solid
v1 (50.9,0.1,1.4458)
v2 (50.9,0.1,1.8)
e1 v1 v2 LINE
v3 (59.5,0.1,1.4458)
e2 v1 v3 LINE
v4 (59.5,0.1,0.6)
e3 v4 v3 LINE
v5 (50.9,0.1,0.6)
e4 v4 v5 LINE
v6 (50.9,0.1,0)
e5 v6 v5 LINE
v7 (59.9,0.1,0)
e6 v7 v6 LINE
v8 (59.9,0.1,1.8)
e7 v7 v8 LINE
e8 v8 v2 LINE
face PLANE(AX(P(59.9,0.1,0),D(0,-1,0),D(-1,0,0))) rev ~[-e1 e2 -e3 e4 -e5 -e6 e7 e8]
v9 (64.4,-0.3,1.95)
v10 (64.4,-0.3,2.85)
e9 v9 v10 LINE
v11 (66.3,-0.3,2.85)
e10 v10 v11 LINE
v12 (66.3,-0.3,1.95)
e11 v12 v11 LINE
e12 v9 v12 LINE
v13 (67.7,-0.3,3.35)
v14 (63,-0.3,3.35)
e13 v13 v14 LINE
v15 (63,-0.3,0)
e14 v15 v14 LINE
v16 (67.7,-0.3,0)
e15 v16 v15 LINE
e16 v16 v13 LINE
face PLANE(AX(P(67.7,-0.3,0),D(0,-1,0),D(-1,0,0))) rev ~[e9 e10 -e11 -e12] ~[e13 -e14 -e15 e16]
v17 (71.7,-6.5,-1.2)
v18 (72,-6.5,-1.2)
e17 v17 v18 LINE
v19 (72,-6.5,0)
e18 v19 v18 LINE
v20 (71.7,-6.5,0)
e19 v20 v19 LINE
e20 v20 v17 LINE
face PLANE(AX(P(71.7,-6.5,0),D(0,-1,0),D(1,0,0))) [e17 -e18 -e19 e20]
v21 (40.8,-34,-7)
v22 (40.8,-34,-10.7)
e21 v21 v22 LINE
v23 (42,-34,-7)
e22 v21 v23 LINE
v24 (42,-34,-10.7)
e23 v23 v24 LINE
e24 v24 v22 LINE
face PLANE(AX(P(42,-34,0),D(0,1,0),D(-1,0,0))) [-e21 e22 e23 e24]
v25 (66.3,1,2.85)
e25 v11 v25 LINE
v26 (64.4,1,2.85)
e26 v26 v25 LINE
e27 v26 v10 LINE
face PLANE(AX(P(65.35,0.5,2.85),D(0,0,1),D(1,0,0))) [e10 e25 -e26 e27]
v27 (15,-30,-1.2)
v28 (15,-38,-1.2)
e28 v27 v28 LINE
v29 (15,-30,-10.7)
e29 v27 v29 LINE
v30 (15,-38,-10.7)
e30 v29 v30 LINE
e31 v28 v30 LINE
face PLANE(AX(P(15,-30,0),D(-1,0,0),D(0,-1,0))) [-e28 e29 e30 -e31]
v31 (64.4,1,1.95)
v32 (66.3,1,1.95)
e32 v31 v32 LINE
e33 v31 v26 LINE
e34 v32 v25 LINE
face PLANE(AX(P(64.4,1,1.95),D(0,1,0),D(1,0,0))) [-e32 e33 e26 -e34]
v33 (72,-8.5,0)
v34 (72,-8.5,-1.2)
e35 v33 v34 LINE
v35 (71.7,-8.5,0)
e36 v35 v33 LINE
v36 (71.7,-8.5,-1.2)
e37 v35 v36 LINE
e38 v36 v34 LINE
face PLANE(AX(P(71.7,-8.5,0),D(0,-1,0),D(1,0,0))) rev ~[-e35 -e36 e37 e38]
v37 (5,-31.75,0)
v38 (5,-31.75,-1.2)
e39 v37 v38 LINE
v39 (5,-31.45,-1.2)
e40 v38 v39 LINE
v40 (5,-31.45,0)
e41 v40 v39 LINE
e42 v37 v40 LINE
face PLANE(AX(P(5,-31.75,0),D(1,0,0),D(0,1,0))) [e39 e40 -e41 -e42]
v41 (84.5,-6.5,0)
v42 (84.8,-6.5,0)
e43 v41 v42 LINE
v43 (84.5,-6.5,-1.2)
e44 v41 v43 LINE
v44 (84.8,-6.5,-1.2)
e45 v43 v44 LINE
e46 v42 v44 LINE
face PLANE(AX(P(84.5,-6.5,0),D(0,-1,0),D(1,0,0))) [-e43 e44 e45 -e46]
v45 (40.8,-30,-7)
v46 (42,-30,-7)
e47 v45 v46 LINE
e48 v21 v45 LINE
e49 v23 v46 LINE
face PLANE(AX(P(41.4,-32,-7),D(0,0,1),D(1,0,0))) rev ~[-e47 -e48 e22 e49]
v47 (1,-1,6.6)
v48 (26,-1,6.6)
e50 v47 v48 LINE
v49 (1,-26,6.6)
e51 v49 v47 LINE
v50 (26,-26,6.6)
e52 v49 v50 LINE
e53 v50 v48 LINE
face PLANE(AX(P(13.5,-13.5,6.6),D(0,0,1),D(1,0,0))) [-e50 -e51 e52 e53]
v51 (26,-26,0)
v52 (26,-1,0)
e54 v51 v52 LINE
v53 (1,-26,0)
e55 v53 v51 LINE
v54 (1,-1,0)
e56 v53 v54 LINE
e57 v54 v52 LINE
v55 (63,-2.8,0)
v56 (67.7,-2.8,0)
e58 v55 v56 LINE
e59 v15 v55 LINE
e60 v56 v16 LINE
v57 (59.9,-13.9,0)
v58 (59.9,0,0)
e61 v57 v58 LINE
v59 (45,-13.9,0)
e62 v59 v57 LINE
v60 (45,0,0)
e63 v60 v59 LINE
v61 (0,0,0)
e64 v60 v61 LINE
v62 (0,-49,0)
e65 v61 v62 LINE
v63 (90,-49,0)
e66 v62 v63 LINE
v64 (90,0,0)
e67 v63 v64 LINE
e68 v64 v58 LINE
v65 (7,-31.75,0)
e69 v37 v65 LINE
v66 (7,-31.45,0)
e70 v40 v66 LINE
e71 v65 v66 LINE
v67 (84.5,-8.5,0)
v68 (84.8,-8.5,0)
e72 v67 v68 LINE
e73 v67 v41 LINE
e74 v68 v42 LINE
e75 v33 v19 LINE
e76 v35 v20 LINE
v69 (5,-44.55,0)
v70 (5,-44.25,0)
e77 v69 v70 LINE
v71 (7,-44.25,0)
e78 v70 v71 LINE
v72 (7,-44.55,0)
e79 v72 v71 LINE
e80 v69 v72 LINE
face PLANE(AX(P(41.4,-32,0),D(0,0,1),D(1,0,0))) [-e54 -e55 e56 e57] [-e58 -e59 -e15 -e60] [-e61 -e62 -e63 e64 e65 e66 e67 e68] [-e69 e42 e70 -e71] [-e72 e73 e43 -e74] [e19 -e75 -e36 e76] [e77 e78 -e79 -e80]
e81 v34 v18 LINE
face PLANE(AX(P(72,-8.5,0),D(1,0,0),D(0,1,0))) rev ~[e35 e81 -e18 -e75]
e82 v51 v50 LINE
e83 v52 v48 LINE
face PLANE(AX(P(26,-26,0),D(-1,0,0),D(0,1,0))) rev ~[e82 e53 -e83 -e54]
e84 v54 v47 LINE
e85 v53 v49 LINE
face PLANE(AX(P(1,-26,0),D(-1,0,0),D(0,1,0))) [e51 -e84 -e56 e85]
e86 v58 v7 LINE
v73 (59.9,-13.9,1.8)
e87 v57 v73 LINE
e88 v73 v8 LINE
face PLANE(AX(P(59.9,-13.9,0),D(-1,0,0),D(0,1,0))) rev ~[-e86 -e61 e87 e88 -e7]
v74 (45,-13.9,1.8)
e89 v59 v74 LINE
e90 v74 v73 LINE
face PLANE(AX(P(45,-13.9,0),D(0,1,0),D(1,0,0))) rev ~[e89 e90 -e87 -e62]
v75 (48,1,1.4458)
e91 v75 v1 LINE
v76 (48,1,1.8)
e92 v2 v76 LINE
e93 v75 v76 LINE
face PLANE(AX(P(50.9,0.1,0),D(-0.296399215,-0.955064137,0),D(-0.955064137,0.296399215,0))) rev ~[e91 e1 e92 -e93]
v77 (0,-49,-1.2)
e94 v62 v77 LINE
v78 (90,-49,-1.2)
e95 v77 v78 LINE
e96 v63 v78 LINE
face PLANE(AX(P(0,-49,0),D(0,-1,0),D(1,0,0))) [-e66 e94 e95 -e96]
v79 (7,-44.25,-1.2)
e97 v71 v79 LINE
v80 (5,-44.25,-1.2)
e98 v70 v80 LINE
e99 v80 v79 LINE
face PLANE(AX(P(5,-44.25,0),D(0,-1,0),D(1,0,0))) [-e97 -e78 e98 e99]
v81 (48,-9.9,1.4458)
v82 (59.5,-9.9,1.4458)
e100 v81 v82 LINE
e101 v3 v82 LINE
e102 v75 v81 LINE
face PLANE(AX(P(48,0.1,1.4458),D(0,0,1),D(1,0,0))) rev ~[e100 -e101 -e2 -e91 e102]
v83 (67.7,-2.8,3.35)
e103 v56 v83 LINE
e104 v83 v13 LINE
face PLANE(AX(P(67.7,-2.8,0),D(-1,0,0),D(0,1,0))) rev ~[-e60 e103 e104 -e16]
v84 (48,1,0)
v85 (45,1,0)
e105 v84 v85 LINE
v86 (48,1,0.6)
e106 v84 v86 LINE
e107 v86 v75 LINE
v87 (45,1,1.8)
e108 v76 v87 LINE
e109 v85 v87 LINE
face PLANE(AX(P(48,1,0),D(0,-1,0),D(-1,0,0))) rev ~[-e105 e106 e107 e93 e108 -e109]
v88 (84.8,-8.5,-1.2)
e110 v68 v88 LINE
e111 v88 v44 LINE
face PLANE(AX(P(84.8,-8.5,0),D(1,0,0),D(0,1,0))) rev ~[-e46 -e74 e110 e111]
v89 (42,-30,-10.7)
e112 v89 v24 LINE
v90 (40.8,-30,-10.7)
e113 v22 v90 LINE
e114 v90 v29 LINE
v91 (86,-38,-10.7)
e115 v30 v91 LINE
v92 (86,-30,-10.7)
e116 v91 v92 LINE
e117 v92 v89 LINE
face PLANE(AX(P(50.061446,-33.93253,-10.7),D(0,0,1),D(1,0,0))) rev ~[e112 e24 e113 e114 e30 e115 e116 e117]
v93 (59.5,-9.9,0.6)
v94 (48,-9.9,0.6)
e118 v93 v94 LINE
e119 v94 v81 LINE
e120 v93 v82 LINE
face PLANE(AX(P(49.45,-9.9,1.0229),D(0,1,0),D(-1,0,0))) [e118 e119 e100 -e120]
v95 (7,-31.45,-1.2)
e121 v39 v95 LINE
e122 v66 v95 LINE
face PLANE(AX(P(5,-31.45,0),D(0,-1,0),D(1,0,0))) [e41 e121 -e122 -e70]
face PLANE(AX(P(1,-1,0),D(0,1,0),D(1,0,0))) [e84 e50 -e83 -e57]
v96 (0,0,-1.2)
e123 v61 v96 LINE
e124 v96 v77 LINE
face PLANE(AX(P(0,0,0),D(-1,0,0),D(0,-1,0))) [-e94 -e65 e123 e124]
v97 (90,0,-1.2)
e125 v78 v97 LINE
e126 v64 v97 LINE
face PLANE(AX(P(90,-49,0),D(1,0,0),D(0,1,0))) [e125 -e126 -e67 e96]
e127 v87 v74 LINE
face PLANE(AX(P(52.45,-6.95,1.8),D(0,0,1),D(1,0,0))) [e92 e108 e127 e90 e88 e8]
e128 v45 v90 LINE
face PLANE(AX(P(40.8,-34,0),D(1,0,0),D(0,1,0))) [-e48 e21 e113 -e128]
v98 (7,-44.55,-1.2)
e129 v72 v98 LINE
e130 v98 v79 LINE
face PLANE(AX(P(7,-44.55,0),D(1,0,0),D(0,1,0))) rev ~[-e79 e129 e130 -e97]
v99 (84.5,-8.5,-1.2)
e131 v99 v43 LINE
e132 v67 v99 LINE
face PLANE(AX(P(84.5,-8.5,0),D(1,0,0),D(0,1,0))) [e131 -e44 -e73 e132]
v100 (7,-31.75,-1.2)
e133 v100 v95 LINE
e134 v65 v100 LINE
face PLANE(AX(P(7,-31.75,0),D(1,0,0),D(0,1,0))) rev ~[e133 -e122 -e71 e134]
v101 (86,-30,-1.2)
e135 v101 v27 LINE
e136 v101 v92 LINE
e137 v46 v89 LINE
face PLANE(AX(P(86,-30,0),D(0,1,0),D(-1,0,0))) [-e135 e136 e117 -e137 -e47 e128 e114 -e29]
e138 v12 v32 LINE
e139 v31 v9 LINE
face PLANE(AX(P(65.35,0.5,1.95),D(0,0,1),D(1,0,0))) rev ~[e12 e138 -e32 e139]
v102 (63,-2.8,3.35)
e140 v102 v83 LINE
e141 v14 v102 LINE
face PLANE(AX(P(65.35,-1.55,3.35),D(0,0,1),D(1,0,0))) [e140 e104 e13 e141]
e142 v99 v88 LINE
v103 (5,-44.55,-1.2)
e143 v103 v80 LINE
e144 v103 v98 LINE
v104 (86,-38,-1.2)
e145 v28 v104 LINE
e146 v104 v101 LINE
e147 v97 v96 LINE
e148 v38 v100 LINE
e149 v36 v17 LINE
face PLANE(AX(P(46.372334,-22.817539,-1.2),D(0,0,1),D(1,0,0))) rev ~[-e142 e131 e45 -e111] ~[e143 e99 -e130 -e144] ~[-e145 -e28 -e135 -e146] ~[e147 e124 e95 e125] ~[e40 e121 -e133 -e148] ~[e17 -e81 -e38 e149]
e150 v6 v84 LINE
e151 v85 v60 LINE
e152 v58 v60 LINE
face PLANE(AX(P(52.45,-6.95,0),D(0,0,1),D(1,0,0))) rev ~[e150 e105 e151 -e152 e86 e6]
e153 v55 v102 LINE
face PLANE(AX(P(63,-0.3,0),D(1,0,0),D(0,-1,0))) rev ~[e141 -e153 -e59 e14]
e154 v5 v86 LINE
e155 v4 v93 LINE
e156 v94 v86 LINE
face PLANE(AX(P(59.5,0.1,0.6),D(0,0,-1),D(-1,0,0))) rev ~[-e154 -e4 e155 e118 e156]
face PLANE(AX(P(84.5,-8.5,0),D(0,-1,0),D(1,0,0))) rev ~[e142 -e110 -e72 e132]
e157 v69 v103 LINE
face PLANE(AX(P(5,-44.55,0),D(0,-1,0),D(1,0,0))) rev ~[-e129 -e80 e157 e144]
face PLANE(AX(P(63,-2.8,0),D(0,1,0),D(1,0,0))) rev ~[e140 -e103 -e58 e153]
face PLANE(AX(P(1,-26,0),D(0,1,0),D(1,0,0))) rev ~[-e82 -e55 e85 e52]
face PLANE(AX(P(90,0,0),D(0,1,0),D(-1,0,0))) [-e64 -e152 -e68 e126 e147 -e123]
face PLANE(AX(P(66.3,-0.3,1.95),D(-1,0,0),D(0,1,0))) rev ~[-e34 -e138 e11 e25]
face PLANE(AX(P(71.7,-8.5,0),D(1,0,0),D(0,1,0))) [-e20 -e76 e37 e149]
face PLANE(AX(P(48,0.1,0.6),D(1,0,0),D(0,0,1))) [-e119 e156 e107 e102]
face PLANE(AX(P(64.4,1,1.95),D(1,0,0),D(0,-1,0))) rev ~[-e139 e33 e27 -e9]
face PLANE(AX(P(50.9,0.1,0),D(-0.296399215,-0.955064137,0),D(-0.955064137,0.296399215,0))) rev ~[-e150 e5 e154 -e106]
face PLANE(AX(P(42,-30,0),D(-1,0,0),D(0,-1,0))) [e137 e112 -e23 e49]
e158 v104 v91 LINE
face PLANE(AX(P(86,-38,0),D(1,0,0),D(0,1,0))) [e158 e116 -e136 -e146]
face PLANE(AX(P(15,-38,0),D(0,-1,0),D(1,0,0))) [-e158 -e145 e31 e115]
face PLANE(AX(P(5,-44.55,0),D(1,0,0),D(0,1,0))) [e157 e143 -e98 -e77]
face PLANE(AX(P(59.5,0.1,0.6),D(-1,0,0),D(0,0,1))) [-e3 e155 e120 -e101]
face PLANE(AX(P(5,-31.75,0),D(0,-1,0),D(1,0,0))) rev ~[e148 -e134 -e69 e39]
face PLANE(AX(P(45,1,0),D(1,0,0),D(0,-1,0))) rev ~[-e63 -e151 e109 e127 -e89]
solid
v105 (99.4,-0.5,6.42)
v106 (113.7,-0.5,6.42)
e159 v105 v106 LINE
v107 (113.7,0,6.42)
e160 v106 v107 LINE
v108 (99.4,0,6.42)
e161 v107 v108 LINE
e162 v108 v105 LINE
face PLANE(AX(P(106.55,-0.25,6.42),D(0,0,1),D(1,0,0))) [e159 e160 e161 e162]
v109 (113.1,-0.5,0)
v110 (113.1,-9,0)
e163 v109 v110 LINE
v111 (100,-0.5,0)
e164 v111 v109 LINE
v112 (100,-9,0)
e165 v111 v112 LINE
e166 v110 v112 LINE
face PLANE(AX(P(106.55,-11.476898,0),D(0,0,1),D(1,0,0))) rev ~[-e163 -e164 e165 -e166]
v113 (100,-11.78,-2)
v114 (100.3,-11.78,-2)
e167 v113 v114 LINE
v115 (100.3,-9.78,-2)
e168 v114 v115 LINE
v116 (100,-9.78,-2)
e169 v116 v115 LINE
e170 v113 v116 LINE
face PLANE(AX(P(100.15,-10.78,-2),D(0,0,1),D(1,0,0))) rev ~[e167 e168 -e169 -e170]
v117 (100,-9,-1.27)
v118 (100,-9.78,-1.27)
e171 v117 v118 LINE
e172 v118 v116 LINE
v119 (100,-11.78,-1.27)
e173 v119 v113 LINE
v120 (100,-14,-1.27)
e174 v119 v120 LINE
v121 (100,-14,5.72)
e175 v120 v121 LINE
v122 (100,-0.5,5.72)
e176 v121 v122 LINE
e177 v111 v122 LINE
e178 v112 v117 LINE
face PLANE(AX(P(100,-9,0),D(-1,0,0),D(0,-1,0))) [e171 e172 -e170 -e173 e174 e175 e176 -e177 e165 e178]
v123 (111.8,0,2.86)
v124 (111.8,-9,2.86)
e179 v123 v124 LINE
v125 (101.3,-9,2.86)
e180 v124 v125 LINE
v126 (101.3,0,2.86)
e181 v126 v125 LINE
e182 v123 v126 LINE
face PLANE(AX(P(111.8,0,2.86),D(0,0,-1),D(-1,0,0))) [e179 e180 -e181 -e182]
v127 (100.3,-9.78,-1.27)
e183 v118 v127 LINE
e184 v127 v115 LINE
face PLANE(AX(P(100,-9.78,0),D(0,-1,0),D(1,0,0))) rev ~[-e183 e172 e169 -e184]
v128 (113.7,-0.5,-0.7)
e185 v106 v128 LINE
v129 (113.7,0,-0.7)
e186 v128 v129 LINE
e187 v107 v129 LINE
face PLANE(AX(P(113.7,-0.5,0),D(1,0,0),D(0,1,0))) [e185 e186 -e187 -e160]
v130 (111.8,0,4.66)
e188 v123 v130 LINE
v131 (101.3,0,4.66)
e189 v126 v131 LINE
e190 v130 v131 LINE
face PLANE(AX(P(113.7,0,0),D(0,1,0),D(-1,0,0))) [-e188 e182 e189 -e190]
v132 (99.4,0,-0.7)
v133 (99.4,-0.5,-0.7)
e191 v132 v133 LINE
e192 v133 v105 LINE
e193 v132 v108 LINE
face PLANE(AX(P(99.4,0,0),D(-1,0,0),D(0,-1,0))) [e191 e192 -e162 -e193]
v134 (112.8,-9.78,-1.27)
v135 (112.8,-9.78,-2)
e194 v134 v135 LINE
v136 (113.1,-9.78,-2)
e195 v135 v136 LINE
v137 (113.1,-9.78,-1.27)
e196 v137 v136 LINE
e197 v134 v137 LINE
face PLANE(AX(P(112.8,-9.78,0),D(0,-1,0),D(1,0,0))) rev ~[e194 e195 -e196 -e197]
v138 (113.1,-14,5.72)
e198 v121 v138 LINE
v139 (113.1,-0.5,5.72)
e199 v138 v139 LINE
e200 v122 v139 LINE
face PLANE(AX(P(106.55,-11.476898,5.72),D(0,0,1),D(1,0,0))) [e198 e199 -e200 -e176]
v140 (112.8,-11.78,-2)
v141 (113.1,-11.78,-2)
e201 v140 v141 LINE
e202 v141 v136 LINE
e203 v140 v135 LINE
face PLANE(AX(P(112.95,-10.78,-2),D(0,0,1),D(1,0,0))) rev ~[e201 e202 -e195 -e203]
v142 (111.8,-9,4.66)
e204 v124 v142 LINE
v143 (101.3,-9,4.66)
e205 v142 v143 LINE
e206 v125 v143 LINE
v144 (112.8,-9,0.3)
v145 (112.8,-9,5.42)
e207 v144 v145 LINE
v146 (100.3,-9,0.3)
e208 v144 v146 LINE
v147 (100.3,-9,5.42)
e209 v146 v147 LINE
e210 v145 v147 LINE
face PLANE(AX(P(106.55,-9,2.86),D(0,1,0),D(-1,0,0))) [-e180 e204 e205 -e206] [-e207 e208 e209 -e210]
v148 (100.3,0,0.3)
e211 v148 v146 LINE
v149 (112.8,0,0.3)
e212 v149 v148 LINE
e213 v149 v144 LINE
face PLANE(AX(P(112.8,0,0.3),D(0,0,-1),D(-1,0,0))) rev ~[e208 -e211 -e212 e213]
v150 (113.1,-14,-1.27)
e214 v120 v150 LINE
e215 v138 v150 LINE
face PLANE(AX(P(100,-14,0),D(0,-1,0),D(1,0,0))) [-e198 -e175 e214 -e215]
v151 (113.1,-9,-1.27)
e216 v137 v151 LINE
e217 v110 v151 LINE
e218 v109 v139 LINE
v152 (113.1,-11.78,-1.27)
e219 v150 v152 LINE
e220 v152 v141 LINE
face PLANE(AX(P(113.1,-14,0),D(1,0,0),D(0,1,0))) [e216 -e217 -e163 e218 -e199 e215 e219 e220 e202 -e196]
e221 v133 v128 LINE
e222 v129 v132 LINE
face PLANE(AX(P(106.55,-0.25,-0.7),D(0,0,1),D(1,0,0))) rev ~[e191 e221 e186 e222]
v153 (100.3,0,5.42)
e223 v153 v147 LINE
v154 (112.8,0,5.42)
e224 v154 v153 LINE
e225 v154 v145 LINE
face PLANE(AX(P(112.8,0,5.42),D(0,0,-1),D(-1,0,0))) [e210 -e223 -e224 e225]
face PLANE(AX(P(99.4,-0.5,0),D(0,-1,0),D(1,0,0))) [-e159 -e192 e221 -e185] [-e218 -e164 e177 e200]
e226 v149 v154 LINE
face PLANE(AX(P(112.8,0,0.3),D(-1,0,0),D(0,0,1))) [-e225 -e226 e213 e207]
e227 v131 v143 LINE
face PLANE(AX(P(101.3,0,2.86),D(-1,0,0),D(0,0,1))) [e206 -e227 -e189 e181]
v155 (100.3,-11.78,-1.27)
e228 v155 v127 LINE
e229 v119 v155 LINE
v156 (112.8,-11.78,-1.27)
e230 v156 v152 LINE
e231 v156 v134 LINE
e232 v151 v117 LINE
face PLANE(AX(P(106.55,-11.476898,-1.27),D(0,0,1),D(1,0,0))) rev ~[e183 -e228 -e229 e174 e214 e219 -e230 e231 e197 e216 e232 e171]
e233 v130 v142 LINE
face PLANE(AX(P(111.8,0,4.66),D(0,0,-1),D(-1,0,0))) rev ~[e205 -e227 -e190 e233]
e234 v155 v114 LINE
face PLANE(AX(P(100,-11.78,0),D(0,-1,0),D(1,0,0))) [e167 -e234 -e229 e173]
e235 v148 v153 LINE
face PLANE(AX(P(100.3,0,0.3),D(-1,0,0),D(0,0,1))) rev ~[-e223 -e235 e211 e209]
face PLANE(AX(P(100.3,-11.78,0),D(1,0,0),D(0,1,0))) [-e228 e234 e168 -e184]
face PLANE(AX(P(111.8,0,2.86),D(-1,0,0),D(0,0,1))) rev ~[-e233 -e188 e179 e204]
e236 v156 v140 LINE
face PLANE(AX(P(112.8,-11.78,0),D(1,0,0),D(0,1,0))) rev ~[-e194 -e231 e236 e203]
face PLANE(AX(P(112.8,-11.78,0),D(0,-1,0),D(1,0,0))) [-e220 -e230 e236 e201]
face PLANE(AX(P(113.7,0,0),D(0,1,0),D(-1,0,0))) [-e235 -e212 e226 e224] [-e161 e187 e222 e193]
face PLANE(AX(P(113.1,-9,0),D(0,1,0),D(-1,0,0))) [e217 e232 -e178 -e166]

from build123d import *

# Parameters (mm, degrees)
F0_W           = 2
F0_H           = 0.3
F0_W_2         = 25
F0_H_2         = 25
F0_W_3         = 0.3
F0_H_3         = 2
F0_W_4         = 14.9
F0_H_4         = 13.9
F0_W_5         = 1.2
F0_H_5         = 4
F0_W_6         = 1.9
F1_DEPTH       = 1.2
F2_DEPTH       = 6.6
F3_DEPTH       = 1.8
F4_W           = 2.9
F4_H           = 0.8457996882
F4_W_2         = 8.6
F5_DEPTH       = 10
F5_DEPTH_BACK  = 3
F6_DEPTH       = 10.7
F7_DEPTH       = 7
F8_W           = 13.1
F8_H           = 8.5
F9_DEPTH       = 5.72
F10_DEPTH      = 6.42
F10_DEPTH_BACK = 0.7
F8_W_2         = 0.3
F8_H_2         = 2
F11_DEPTH      = 5.72
F11_DEPTH_BACK = 1.27
F12_DEPTH      = 2
F13_W          = 12.5
F13_H          = 5.12
F13_W_2        = 10.5
F13_H_2        = 1.8
F14_DEPTH      = 9
F15_DEPTH      = 3.35
F16_START      = 1.95
F0_H_6         = 1
F16_DEPTH      = 0.9


with BuildPart() as f1:
    # F0 (on Top) → F1 (new body)
    with BuildSketch(Plane.XY):
        Polygon((45, 0), (0, 0), (0, -49), (90, -49), (90, 0), (66.3, 0), (66.3, -0.3), (67.7, -0.3), (67.7, -2.8), (63, -2.8), (63, -0.3), (64.4, -0.3), (64.4, 0), (59.9, 0), (59.9, -13.9), (45, -13.9), align=None)
        with Locations((6, -44.4)):
            Rectangle(F0_W, F0_H, mode=Mode.SUBTRACT)
        with Locations((6, -31.6)):
            Rectangle(F0_W, F0_H, mode=Mode.SUBTRACT)
        Polygon((86, -30), (86, -38), (15, -38), (15, -30), (40.8, -30), (42, -30), align=None, mode=Mode.SUBTRACT)
        with Locations((13.5, -13.5)):
            Rectangle(F0_W_2, F0_H_2, mode=Mode.SUBTRACT)
        with Locations((71.85, -7.5)):
            Rectangle(F0_W_3, F0_H_3, mode=Mode.SUBTRACT)
        with Locations((84.65, -7.5)):
            Rectangle(F0_W_3, F0_H_3, mode=Mode.SUBTRACT)
        with Locations((13.5, -13.5)):
            Rectangle(F0_W_2, F0_H_2)
        with Locations((52.45, -6.95)):
            Rectangle(F0_W_4, F0_H_4)
        Polygon((15, -38), (86, -38), (86, -30), (42, -30), (42, -34), (40.8, -34), (40.8, -30), (15, -30), align=None)
        with Locations((41.4, -32)):
            Rectangle(F0_W_5, F0_H_5)
        Polygon((66.3, -0.3), (64.4, -0.3), (63, -0.3), (63, -2.8), (67.7, -2.8), (67.7, -0.3), align=None)
        with Locations((65.35, -0.15)):
            Rectangle(F0_W_6, F0_H)
    extrude(amount=-F1_DEPTH)

    # F0 (on Top) → F2 (join)
    with BuildSketch(Plane.XY):
        with Locations((13.5, -13.5)):
            Rectangle(F0_W_2, F0_H_2)
    extrude(amount=F2_DEPTH)

    # F0 (on Top) → F3 (join)
    with BuildSketch(Plane.XY):
        with Locations((52.45, -6.95)):
            Rectangle(F0_W_4, F0_H_4)
        Polygon((45, 1), (45, 0), (59.9, 0), (59.9, 0.1), (50.9, 0.1), (48, 1), align=None)
    extrude(amount=F3_DEPTH)

    # F4 (on face) → F5 (cut, two sides)
    with BuildSketch(Plane(origin=(0, 0.1, 0), x_dir=(-1, 0, 0), z_dir=(0, 1, 0))) as f5_sk:
        with Locations((-49.45, 1.0228998441)):
            Rectangle(F4_W, F4_H)
        with Locations((-55.2, 1.0228998441)):
            Rectangle(F4_W_2, F4_H)
    extrude(amount=-F5_DEPTH, mode=Mode.SUBTRACT)
    extrude(f5_sk.sketch, amount=F5_DEPTH_BACK, mode=Mode.SUBTRACT)

    # F0 (on Top) → F6 (join)
    with BuildSketch(Plane.XY):
        Polygon((15, -38), (86, -38), (86, -30), (42, -30), (42, -34), (40.8, -34), (40.8, -30), (15, -30), align=None)
    extrude(amount=-F6_DEPTH)

    # F0 (on Top) → F7 (join)
    with BuildSketch(Plane.XY):
        with Locations((41.4, -32)):
            Rectangle(F0_W_5, F0_H_5)
    extrude(amount=-F7_DEPTH)

    # F0 (on Top) → F15 (join)
    with BuildSketch(Plane.XY):
        Polygon((66.3, -0.3), (64.4, -0.3), (63, -0.3), (63, -2.8), (67.7, -2.8), (67.7, -0.3), align=None)
    extrude(amount=F15_DEPTH)

    # F0 (on Top) → F16 (join)
    with BuildSketch(Plane.XY.offset(F16_START)):
        with Locations((65.35, 0.5)):
            Rectangle(F0_W_6, F0_H_6)
        with Locations((65.35, -0.15)):
            Rectangle(F0_W_6, F0_H)
    extrude(amount=F16_DEPTH)


with BuildPart() as f9:
    # F8 (on Top) → F9 (new body)
    with BuildSketch(Plane.XY):
        with Locations((106.55, -4.75)):
            Rectangle(F8_W, F8_H)
    extrude(amount=F9_DEPTH)

    # F8 (on Top) → F10 (join, two sides)
    with BuildSketch(Plane.XY) as f10_sk:
        Polygon((113.7, 0), (99.4, 0), (99.4, -0.5), (100, -0.5), (113.1, -0.5), (113.7, -0.5), align=None)
    extrude(amount=F10_DEPTH)
    extrude(f10_sk.sketch, amount=-F10_DEPTH_BACK)

    # F8 (on Top) → F11 (join, two sides)
    with BuildSketch(Plane.XY) as f11_sk:
        Polygon((113.1, -9), (100, -9), (100, -9.78), (100.3, -9.78), (100.3, -11.78), (100, -11.78), (100, -14), (113.1, -14), (113.1, -11.78), (112.8, -11.78), (112.8, -9.78), (113.1, -9.78), align=None)
        with Locations((100.15, -10.78)):
            Rectangle(F8_W_2, F8_H_2)
        with Locations((112.95, -10.78)):
            Rectangle(F8_W_2, F8_H_2)
    extrude(amount=F11_DEPTH)
    extrude(f11_sk.sketch, amount=-F11_DEPTH_BACK)

    # F8 (on Top) → F12 (join)
    with BuildSketch(Plane.XY):
        with Locations((112.95, -10.78)):
            Rectangle(F8_W_2, F8_H_2)
        with Locations((100.15, -10.78)):
            Rectangle(F8_W_2, F8_H_2)
    extrude(amount=-F12_DEPTH)

    # F13 (on face) → F14 (cut)
    with BuildSketch(Plane(origin=(0, 0, 0), x_dir=(-1, 0, 0), z_dir=(0, 1, 0))):
        with Locations((-106.55, 2.86)):
            Rectangle(F13_W, F13_H)
        with Locations((-106.55, 3.76)):
            Rectangle(F13_W_2, F13_H_2, mode=Mode.SUBTRACT)
    extrude(amount=-F14_DEPTH, mode=Mode.SUBTRACT)


solid = Compound([f1.part, f9.part])
